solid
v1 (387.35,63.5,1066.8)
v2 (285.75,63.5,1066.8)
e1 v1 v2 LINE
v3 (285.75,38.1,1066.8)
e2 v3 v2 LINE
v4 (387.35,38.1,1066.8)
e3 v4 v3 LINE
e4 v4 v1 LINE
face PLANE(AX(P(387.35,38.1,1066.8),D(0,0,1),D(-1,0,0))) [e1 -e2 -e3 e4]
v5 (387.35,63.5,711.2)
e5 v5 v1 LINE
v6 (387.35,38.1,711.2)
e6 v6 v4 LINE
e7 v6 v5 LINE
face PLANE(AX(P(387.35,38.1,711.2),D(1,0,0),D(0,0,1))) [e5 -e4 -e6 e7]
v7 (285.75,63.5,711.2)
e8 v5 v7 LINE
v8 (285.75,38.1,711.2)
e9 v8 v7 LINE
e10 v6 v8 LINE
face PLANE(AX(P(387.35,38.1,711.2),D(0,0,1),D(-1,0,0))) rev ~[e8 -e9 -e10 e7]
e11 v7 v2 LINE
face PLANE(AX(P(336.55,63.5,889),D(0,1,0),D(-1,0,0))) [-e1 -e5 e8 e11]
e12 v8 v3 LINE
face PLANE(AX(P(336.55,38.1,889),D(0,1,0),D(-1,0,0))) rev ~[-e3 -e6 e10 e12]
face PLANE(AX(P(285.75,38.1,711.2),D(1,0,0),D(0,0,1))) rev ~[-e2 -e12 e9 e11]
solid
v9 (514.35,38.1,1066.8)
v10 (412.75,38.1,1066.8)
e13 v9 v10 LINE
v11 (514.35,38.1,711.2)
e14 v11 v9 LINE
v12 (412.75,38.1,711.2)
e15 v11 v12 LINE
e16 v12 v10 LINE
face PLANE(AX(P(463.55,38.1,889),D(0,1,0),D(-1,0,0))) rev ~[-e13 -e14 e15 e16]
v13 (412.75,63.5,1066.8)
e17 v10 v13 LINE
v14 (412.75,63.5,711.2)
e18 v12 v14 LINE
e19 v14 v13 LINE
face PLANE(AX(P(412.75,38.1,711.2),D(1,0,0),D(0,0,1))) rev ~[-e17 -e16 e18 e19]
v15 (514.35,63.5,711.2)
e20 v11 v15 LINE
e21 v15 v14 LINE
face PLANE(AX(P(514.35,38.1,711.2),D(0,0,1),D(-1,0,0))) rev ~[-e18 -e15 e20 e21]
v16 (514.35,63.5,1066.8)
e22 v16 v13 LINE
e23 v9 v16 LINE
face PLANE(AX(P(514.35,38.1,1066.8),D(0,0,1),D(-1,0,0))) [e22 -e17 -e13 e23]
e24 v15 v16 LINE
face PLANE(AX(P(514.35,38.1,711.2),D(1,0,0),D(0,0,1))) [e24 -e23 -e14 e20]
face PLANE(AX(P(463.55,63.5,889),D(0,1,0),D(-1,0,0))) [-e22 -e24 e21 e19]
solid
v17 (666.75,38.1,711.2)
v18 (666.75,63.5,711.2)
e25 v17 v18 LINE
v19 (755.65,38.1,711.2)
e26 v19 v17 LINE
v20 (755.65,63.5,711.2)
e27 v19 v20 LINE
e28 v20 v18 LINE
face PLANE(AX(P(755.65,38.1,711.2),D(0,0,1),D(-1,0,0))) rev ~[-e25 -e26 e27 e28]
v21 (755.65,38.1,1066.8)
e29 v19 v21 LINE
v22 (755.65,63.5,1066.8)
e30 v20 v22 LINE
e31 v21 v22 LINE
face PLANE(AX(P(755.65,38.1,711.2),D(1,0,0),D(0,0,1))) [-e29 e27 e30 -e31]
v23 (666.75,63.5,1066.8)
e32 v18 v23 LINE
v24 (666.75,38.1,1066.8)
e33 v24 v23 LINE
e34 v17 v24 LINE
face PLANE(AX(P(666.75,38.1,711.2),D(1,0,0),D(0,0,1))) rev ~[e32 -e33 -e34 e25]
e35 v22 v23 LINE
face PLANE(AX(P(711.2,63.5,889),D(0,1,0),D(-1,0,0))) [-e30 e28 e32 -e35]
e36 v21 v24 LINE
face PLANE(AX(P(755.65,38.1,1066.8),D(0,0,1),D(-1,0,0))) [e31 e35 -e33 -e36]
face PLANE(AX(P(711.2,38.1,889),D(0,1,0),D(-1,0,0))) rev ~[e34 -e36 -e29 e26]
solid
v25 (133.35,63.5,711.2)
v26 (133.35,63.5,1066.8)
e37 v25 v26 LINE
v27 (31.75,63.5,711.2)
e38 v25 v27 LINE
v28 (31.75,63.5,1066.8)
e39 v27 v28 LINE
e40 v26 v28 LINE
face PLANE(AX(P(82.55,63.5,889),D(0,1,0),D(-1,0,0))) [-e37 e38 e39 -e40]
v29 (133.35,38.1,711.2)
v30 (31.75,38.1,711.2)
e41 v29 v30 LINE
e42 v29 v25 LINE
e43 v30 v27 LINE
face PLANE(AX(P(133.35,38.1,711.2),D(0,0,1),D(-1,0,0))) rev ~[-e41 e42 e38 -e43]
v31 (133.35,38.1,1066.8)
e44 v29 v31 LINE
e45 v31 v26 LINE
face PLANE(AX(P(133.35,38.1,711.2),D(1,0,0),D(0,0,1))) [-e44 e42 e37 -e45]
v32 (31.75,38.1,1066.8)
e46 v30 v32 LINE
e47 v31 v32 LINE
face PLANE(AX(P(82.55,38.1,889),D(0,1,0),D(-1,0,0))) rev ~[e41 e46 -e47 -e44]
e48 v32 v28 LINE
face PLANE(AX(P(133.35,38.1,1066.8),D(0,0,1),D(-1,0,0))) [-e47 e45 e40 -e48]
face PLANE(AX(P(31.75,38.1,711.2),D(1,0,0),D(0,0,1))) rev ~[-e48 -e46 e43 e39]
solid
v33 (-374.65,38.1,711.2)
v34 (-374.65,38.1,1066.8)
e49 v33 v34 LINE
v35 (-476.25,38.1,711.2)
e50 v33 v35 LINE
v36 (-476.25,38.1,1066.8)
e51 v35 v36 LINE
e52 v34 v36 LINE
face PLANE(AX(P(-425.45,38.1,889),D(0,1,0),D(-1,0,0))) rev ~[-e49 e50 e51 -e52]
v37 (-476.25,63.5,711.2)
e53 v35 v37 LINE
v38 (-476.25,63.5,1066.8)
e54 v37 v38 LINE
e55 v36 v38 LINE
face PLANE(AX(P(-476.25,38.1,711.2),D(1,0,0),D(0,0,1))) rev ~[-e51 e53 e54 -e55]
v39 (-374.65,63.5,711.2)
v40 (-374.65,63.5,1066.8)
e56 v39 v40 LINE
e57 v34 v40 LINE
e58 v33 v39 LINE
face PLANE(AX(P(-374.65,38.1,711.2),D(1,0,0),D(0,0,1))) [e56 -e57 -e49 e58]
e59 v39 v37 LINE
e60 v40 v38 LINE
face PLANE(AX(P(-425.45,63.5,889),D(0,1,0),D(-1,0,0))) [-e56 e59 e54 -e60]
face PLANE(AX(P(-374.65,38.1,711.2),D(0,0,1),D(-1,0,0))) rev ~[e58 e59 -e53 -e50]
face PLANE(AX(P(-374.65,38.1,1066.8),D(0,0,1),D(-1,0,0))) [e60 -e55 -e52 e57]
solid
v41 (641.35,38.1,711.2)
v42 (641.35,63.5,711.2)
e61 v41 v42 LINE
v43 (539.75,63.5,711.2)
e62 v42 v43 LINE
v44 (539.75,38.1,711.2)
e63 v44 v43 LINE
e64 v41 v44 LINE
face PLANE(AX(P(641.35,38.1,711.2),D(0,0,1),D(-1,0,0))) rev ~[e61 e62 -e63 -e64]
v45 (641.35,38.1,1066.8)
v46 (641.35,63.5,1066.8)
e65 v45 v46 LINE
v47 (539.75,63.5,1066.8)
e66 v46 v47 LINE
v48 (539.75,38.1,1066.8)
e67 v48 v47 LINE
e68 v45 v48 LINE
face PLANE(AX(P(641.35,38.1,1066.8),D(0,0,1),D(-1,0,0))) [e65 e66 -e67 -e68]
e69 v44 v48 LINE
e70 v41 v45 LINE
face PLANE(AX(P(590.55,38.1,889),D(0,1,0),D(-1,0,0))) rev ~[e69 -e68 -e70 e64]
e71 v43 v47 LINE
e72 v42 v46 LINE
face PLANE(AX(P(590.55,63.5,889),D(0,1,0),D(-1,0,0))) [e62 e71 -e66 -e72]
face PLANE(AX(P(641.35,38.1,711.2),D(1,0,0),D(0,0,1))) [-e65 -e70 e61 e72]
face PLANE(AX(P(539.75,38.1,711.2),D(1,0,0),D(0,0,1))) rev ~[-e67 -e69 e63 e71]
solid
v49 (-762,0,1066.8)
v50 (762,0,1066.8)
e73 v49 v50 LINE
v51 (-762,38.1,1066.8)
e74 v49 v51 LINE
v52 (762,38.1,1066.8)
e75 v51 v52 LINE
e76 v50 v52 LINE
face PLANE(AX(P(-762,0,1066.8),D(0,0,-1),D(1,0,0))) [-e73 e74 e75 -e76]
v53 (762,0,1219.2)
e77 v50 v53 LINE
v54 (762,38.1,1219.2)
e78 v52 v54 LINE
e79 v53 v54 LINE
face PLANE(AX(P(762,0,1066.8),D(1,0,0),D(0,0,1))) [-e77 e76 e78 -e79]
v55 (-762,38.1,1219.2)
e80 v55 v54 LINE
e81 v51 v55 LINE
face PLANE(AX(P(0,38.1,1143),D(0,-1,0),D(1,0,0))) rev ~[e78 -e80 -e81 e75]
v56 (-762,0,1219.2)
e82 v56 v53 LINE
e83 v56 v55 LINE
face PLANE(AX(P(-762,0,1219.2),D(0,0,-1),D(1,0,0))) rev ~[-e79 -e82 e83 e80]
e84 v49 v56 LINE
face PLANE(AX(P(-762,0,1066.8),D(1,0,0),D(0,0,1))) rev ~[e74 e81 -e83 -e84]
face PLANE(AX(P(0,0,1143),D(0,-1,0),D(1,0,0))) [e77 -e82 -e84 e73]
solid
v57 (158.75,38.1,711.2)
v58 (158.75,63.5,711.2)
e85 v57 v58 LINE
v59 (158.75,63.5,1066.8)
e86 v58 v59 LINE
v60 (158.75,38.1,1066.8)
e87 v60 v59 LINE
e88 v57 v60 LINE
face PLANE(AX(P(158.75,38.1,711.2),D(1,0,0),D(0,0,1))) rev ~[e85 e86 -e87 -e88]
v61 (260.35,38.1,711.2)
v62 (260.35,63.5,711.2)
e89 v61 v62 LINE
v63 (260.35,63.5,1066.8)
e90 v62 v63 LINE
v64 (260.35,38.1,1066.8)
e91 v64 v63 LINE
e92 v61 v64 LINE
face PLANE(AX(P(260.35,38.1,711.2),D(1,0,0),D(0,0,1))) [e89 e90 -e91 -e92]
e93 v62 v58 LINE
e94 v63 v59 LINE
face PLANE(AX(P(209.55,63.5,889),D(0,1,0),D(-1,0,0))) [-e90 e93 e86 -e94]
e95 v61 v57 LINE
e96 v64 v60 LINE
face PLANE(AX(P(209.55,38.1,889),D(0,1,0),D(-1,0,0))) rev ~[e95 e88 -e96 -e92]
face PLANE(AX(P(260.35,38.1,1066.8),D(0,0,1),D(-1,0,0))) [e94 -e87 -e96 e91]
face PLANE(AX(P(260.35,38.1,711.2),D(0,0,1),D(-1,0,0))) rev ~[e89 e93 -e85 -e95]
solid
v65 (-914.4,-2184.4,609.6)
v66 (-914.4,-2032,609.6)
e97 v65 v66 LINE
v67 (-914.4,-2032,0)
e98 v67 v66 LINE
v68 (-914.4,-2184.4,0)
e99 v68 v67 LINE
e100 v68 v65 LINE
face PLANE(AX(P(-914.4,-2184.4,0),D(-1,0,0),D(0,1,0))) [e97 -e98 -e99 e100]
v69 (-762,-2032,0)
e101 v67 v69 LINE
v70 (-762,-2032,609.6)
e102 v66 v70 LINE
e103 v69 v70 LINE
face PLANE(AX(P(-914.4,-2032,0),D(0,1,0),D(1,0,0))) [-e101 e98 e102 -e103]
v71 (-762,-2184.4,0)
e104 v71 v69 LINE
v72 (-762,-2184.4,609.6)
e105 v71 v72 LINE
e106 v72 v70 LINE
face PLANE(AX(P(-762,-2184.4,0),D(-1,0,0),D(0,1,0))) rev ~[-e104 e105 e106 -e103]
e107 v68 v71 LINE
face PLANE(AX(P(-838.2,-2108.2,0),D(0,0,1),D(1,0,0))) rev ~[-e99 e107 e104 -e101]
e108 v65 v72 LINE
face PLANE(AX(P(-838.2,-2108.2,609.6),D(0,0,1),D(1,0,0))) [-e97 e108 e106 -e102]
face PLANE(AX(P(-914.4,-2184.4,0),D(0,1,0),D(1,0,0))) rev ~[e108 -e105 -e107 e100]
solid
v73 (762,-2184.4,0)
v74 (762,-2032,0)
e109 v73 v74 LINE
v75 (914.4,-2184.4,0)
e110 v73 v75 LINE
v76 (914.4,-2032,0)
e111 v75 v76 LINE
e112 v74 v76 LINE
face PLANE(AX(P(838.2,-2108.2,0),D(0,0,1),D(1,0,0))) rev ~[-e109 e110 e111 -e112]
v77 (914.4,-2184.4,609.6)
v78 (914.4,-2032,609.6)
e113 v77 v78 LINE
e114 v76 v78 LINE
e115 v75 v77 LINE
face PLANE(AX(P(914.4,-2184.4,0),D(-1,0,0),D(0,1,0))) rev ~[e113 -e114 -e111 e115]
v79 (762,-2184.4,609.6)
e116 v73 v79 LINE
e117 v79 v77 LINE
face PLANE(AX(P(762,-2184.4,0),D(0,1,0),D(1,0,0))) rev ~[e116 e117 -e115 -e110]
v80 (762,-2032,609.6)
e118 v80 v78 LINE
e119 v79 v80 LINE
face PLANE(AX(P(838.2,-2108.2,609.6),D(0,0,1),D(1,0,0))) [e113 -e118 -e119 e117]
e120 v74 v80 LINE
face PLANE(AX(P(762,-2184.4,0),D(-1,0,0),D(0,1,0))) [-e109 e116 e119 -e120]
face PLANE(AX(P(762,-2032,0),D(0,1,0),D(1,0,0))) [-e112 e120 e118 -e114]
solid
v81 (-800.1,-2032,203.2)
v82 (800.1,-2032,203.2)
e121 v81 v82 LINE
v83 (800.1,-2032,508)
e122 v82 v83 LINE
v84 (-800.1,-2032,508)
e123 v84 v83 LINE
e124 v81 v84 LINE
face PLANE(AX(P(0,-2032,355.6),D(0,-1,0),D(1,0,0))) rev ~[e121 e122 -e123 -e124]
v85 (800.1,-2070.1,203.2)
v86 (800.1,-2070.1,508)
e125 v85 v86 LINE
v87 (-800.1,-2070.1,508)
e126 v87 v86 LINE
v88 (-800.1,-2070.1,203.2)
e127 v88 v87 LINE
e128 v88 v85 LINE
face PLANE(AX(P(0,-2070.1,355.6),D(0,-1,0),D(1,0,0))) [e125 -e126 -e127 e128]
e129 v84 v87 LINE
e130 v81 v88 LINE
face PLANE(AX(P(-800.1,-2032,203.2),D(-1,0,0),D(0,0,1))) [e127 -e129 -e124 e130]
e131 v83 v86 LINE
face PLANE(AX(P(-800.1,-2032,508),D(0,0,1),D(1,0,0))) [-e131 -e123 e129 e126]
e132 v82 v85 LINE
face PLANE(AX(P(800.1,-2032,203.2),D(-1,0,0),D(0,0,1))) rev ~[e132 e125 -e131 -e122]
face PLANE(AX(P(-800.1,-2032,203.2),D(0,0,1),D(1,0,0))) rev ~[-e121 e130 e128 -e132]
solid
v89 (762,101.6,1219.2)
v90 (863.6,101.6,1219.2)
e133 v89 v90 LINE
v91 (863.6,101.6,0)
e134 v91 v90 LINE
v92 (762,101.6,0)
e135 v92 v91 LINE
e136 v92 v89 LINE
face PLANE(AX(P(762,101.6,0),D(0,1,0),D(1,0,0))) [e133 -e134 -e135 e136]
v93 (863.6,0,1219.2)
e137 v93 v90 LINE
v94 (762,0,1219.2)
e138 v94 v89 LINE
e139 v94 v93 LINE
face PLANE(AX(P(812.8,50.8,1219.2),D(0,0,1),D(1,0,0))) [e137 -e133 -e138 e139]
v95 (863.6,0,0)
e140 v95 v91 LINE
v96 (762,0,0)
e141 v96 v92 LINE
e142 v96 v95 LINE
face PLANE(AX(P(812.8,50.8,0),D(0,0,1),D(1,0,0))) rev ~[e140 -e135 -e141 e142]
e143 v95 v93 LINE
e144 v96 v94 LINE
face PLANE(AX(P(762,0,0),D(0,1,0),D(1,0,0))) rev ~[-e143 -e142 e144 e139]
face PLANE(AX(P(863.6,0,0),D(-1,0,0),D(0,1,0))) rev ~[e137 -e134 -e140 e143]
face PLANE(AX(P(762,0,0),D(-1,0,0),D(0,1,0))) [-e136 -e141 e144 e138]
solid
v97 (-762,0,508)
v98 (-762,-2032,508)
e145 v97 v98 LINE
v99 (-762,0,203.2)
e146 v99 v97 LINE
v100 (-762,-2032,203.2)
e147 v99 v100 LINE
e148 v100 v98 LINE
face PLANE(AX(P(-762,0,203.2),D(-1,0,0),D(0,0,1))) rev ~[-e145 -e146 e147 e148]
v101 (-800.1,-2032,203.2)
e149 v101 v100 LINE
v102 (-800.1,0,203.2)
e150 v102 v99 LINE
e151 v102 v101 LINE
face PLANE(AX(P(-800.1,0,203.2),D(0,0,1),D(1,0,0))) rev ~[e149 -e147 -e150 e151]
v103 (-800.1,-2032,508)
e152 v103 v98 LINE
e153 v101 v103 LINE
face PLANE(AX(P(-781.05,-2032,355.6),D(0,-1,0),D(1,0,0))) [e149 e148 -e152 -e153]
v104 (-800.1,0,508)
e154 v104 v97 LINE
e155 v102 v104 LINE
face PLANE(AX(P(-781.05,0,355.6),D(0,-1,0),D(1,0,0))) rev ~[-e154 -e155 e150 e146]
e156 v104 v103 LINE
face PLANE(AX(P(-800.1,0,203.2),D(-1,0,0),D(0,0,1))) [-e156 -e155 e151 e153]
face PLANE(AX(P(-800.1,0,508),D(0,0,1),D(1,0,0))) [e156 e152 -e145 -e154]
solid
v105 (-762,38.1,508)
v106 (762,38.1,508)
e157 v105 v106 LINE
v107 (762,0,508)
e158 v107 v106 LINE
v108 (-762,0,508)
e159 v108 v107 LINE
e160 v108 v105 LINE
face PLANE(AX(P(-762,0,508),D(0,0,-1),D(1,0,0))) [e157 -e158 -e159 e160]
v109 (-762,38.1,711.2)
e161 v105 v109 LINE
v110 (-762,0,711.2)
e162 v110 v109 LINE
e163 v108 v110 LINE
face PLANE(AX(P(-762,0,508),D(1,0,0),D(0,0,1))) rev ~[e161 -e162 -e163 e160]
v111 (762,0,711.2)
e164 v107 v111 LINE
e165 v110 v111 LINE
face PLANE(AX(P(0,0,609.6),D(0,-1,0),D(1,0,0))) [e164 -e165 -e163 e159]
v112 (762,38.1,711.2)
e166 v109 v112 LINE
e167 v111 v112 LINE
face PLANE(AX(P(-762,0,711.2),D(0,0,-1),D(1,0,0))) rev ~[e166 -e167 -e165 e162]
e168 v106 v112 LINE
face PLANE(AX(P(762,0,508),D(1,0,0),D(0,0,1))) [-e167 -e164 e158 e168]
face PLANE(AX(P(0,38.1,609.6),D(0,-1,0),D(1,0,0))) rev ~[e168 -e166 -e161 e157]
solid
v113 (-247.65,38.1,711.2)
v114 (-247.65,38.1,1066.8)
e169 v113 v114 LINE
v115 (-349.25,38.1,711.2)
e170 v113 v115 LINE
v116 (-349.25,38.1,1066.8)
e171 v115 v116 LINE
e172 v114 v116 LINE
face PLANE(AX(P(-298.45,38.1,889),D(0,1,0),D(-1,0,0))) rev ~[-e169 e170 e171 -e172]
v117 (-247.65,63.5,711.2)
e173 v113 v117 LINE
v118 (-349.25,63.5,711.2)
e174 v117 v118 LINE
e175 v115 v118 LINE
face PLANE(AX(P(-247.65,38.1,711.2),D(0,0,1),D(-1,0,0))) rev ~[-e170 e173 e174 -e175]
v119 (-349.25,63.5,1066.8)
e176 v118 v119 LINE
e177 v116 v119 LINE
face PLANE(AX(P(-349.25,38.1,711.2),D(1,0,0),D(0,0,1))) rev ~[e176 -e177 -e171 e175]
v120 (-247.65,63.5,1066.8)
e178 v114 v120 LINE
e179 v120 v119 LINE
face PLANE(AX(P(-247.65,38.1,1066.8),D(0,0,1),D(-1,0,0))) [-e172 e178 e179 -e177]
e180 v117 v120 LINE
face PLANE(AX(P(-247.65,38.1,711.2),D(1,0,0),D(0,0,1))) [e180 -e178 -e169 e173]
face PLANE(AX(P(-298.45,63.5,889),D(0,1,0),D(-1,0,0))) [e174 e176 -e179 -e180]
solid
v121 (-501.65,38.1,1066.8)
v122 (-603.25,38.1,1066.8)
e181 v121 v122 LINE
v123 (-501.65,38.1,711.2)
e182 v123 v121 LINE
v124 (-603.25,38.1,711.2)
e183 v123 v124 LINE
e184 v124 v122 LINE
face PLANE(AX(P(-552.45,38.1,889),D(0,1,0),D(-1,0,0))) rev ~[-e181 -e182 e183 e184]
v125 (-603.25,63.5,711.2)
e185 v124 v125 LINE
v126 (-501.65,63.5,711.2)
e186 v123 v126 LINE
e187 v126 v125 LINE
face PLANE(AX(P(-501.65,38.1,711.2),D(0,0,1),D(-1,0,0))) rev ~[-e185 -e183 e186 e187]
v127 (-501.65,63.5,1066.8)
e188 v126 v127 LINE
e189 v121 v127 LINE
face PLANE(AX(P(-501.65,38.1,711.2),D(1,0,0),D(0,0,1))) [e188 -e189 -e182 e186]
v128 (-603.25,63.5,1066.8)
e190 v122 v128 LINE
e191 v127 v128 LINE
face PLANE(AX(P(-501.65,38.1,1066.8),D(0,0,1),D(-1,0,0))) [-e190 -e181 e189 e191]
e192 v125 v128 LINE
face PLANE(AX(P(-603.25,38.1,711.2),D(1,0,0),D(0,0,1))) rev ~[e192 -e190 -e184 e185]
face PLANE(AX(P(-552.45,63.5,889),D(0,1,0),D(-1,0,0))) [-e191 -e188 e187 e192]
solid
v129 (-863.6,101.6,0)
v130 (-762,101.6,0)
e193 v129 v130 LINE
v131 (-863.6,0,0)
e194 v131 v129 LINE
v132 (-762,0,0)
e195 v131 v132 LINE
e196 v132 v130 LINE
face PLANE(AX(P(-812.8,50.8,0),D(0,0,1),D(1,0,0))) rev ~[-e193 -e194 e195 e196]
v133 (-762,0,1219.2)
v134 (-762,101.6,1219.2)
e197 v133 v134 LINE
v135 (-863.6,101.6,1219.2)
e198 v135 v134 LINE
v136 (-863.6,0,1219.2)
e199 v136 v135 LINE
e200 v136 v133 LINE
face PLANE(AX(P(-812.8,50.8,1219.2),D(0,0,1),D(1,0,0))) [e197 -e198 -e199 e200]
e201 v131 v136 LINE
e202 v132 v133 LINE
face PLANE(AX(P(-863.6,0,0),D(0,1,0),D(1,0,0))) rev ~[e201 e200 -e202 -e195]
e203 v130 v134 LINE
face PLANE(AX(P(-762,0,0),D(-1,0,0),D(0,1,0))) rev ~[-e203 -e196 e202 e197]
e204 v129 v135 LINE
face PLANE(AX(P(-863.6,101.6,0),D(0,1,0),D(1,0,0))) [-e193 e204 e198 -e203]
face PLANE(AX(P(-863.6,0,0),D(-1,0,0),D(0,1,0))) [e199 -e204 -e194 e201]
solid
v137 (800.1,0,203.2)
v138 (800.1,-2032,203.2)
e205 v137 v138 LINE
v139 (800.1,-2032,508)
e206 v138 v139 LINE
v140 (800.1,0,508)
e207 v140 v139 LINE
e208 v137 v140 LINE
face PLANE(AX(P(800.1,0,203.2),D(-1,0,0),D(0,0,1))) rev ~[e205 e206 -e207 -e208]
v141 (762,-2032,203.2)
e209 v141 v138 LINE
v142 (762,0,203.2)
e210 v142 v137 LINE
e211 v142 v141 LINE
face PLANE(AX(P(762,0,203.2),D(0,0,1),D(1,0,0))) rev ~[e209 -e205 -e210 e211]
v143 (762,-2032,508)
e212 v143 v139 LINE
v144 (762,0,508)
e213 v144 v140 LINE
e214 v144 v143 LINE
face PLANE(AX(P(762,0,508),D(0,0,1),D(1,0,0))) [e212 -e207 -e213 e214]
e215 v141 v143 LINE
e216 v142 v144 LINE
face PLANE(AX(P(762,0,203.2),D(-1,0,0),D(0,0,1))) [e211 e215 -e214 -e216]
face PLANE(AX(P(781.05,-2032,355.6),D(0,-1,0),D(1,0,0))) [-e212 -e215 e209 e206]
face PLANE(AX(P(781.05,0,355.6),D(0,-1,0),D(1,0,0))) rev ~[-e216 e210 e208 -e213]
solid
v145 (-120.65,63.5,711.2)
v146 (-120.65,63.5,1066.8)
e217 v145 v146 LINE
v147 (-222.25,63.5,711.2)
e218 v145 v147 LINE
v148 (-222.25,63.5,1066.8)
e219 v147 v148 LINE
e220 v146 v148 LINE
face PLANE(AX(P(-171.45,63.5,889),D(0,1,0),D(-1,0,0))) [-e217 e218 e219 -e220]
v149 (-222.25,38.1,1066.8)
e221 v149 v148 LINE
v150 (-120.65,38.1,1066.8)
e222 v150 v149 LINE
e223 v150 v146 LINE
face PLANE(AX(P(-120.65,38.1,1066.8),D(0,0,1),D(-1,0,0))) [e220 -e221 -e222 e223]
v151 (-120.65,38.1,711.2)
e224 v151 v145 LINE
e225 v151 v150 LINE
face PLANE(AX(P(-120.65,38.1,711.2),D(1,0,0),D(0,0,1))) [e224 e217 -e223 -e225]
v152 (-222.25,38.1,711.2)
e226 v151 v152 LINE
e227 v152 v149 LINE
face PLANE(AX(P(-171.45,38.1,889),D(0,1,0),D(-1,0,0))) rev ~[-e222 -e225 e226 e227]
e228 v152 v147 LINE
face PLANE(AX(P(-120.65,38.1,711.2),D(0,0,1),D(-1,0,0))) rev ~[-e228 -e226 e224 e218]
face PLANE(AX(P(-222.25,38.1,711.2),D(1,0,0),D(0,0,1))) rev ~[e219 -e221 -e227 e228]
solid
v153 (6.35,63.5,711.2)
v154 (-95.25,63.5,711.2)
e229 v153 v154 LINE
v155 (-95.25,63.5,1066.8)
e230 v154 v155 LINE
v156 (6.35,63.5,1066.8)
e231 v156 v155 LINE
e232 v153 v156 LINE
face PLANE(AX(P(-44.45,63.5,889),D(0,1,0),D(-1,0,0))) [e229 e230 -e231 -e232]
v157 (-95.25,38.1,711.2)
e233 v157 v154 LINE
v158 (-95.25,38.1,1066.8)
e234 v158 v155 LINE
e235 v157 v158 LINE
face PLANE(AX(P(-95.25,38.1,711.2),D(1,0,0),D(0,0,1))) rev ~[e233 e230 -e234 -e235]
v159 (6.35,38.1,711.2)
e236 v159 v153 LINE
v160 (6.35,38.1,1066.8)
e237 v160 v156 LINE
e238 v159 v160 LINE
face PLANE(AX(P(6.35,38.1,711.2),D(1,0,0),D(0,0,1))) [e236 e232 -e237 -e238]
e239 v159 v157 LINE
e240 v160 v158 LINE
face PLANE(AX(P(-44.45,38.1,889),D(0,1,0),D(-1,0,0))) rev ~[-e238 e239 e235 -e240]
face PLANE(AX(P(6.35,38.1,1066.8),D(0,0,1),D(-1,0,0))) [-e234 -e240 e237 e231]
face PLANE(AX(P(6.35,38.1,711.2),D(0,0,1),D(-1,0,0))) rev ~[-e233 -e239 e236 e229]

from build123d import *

# Parameters (mm, degrees)
F0_W      = 101.6
F0_H      = 101.6
F1_DEPTH  = 1219.2
F2_W      = 1524
F2_H      = 152.4
F2_H_2    = 203.2
F3_DEPTH  = 38.1
F4_W      = 88.9
F4_H      = 355.6
F4_W_2    = 101.6
F5_DEPTH  = 25.4
F6_W      = 38.1
F6_H      = 304.8
F7_DEPTH  = 2032
F8_W      = 1600.2
F8_H      = 304.8
F9_DEPTH  = 38.1
F10_W     = 152.4
F10_H     = 152.4
F11_DEPTH = 609.6


with BuildPart() as f1:
    # F0 (on Top) → F1 (new body)
    with BuildSketch(Plane.XY):
        with Locations((-812.8, 50.8)):
            Rectangle(F0_W, F0_H)
        with Locations((812.8, 50.8)):
            Rectangle(F0_W, F0_H)
    extrude(amount=F1_DEPTH)


with BuildPart() as f3:
    # F2 (on face) → F3 (new body)
    with BuildSketch(Plane.XZ):
        with Locations((0, 1143)):
            Rectangle(F2_W, F2_H)
        with Locations((0, 609.6)):
            Rectangle(F2_W, F2_H_2)
    extrude(amount=-F3_DEPTH)


with BuildPart() as f5:
    # F4 (on face) → F5 (new body)
    with BuildSketch(Plane(origin=(0, 38.1, 0), x_dir=(-1, 0, 0), z_dir=(0, 1, 0))):
        with Locations((-711.2, 889)):
            Rectangle(F4_W, F4_H)
        with Locations((-590.55, 889)):
            Rectangle(F4_W_2, F4_H)
        with Locations((-463.55, 889)):
            Rectangle(F4_W_2, F4_H)
        with Locations((-336.55, 889)):
            Rectangle(F4_W_2, F4_H)
        with Locations((-209.55, 889)):
            Rectangle(F4_W_2, F4_H)
        with Locations((-82.55, 889)):
            Rectangle(F4_W_2, F4_H)
        with Locations((44.45, 889)):
            Rectangle(F4_W_2, F4_H)
        with Locations((171.45, 889)):
            Rectangle(F4_W_2, F4_H)
        with Locations((298.45, 889)):
            Rectangle(F4_W_2, F4_H)
        with Locations((425.45, 889)):
            Rectangle(F4_W_2, F4_H)
        with Locations((552.45, 889)):
            Rectangle(F4_W_2, F4_H)
    extrude(amount=F5_DEPTH)


with BuildPart() as f7:
    # F6 (on face) → F7 (new body)
    with BuildSketch(Plane.XZ):
        with Locations((-781.05, 355.6)):
            Rectangle(F6_W, F6_H)
        with Locations((781.05, 355.6)):
            Rectangle(F6_W, F6_H)
    extrude(amount=F7_DEPTH)


with BuildPart() as f9:
    # F8 (on face) → F9 (new body)
    with BuildSketch(Plane.XZ.offset(2032)):
        with Locations((0, 355.6)):
            Rectangle(F8_W, F8_H)
    extrude(amount=F9_DEPTH)


with BuildPart() as f11:
    # F10 (on Top) → F11 (new body)
    with BuildSketch(Plane.XY):
        with Locations((-838.2, -2108.2)):
            Rectangle(F10_W, F10_H)
        with Locations((838.2, -2108.2)):
            Rectangle(F10_W, F10_H)
    extrude(amount=F11_DEPTH)


solid = Compound([f1.part, f3.part, f5.part, f7.part, f9.part, f11.part])
